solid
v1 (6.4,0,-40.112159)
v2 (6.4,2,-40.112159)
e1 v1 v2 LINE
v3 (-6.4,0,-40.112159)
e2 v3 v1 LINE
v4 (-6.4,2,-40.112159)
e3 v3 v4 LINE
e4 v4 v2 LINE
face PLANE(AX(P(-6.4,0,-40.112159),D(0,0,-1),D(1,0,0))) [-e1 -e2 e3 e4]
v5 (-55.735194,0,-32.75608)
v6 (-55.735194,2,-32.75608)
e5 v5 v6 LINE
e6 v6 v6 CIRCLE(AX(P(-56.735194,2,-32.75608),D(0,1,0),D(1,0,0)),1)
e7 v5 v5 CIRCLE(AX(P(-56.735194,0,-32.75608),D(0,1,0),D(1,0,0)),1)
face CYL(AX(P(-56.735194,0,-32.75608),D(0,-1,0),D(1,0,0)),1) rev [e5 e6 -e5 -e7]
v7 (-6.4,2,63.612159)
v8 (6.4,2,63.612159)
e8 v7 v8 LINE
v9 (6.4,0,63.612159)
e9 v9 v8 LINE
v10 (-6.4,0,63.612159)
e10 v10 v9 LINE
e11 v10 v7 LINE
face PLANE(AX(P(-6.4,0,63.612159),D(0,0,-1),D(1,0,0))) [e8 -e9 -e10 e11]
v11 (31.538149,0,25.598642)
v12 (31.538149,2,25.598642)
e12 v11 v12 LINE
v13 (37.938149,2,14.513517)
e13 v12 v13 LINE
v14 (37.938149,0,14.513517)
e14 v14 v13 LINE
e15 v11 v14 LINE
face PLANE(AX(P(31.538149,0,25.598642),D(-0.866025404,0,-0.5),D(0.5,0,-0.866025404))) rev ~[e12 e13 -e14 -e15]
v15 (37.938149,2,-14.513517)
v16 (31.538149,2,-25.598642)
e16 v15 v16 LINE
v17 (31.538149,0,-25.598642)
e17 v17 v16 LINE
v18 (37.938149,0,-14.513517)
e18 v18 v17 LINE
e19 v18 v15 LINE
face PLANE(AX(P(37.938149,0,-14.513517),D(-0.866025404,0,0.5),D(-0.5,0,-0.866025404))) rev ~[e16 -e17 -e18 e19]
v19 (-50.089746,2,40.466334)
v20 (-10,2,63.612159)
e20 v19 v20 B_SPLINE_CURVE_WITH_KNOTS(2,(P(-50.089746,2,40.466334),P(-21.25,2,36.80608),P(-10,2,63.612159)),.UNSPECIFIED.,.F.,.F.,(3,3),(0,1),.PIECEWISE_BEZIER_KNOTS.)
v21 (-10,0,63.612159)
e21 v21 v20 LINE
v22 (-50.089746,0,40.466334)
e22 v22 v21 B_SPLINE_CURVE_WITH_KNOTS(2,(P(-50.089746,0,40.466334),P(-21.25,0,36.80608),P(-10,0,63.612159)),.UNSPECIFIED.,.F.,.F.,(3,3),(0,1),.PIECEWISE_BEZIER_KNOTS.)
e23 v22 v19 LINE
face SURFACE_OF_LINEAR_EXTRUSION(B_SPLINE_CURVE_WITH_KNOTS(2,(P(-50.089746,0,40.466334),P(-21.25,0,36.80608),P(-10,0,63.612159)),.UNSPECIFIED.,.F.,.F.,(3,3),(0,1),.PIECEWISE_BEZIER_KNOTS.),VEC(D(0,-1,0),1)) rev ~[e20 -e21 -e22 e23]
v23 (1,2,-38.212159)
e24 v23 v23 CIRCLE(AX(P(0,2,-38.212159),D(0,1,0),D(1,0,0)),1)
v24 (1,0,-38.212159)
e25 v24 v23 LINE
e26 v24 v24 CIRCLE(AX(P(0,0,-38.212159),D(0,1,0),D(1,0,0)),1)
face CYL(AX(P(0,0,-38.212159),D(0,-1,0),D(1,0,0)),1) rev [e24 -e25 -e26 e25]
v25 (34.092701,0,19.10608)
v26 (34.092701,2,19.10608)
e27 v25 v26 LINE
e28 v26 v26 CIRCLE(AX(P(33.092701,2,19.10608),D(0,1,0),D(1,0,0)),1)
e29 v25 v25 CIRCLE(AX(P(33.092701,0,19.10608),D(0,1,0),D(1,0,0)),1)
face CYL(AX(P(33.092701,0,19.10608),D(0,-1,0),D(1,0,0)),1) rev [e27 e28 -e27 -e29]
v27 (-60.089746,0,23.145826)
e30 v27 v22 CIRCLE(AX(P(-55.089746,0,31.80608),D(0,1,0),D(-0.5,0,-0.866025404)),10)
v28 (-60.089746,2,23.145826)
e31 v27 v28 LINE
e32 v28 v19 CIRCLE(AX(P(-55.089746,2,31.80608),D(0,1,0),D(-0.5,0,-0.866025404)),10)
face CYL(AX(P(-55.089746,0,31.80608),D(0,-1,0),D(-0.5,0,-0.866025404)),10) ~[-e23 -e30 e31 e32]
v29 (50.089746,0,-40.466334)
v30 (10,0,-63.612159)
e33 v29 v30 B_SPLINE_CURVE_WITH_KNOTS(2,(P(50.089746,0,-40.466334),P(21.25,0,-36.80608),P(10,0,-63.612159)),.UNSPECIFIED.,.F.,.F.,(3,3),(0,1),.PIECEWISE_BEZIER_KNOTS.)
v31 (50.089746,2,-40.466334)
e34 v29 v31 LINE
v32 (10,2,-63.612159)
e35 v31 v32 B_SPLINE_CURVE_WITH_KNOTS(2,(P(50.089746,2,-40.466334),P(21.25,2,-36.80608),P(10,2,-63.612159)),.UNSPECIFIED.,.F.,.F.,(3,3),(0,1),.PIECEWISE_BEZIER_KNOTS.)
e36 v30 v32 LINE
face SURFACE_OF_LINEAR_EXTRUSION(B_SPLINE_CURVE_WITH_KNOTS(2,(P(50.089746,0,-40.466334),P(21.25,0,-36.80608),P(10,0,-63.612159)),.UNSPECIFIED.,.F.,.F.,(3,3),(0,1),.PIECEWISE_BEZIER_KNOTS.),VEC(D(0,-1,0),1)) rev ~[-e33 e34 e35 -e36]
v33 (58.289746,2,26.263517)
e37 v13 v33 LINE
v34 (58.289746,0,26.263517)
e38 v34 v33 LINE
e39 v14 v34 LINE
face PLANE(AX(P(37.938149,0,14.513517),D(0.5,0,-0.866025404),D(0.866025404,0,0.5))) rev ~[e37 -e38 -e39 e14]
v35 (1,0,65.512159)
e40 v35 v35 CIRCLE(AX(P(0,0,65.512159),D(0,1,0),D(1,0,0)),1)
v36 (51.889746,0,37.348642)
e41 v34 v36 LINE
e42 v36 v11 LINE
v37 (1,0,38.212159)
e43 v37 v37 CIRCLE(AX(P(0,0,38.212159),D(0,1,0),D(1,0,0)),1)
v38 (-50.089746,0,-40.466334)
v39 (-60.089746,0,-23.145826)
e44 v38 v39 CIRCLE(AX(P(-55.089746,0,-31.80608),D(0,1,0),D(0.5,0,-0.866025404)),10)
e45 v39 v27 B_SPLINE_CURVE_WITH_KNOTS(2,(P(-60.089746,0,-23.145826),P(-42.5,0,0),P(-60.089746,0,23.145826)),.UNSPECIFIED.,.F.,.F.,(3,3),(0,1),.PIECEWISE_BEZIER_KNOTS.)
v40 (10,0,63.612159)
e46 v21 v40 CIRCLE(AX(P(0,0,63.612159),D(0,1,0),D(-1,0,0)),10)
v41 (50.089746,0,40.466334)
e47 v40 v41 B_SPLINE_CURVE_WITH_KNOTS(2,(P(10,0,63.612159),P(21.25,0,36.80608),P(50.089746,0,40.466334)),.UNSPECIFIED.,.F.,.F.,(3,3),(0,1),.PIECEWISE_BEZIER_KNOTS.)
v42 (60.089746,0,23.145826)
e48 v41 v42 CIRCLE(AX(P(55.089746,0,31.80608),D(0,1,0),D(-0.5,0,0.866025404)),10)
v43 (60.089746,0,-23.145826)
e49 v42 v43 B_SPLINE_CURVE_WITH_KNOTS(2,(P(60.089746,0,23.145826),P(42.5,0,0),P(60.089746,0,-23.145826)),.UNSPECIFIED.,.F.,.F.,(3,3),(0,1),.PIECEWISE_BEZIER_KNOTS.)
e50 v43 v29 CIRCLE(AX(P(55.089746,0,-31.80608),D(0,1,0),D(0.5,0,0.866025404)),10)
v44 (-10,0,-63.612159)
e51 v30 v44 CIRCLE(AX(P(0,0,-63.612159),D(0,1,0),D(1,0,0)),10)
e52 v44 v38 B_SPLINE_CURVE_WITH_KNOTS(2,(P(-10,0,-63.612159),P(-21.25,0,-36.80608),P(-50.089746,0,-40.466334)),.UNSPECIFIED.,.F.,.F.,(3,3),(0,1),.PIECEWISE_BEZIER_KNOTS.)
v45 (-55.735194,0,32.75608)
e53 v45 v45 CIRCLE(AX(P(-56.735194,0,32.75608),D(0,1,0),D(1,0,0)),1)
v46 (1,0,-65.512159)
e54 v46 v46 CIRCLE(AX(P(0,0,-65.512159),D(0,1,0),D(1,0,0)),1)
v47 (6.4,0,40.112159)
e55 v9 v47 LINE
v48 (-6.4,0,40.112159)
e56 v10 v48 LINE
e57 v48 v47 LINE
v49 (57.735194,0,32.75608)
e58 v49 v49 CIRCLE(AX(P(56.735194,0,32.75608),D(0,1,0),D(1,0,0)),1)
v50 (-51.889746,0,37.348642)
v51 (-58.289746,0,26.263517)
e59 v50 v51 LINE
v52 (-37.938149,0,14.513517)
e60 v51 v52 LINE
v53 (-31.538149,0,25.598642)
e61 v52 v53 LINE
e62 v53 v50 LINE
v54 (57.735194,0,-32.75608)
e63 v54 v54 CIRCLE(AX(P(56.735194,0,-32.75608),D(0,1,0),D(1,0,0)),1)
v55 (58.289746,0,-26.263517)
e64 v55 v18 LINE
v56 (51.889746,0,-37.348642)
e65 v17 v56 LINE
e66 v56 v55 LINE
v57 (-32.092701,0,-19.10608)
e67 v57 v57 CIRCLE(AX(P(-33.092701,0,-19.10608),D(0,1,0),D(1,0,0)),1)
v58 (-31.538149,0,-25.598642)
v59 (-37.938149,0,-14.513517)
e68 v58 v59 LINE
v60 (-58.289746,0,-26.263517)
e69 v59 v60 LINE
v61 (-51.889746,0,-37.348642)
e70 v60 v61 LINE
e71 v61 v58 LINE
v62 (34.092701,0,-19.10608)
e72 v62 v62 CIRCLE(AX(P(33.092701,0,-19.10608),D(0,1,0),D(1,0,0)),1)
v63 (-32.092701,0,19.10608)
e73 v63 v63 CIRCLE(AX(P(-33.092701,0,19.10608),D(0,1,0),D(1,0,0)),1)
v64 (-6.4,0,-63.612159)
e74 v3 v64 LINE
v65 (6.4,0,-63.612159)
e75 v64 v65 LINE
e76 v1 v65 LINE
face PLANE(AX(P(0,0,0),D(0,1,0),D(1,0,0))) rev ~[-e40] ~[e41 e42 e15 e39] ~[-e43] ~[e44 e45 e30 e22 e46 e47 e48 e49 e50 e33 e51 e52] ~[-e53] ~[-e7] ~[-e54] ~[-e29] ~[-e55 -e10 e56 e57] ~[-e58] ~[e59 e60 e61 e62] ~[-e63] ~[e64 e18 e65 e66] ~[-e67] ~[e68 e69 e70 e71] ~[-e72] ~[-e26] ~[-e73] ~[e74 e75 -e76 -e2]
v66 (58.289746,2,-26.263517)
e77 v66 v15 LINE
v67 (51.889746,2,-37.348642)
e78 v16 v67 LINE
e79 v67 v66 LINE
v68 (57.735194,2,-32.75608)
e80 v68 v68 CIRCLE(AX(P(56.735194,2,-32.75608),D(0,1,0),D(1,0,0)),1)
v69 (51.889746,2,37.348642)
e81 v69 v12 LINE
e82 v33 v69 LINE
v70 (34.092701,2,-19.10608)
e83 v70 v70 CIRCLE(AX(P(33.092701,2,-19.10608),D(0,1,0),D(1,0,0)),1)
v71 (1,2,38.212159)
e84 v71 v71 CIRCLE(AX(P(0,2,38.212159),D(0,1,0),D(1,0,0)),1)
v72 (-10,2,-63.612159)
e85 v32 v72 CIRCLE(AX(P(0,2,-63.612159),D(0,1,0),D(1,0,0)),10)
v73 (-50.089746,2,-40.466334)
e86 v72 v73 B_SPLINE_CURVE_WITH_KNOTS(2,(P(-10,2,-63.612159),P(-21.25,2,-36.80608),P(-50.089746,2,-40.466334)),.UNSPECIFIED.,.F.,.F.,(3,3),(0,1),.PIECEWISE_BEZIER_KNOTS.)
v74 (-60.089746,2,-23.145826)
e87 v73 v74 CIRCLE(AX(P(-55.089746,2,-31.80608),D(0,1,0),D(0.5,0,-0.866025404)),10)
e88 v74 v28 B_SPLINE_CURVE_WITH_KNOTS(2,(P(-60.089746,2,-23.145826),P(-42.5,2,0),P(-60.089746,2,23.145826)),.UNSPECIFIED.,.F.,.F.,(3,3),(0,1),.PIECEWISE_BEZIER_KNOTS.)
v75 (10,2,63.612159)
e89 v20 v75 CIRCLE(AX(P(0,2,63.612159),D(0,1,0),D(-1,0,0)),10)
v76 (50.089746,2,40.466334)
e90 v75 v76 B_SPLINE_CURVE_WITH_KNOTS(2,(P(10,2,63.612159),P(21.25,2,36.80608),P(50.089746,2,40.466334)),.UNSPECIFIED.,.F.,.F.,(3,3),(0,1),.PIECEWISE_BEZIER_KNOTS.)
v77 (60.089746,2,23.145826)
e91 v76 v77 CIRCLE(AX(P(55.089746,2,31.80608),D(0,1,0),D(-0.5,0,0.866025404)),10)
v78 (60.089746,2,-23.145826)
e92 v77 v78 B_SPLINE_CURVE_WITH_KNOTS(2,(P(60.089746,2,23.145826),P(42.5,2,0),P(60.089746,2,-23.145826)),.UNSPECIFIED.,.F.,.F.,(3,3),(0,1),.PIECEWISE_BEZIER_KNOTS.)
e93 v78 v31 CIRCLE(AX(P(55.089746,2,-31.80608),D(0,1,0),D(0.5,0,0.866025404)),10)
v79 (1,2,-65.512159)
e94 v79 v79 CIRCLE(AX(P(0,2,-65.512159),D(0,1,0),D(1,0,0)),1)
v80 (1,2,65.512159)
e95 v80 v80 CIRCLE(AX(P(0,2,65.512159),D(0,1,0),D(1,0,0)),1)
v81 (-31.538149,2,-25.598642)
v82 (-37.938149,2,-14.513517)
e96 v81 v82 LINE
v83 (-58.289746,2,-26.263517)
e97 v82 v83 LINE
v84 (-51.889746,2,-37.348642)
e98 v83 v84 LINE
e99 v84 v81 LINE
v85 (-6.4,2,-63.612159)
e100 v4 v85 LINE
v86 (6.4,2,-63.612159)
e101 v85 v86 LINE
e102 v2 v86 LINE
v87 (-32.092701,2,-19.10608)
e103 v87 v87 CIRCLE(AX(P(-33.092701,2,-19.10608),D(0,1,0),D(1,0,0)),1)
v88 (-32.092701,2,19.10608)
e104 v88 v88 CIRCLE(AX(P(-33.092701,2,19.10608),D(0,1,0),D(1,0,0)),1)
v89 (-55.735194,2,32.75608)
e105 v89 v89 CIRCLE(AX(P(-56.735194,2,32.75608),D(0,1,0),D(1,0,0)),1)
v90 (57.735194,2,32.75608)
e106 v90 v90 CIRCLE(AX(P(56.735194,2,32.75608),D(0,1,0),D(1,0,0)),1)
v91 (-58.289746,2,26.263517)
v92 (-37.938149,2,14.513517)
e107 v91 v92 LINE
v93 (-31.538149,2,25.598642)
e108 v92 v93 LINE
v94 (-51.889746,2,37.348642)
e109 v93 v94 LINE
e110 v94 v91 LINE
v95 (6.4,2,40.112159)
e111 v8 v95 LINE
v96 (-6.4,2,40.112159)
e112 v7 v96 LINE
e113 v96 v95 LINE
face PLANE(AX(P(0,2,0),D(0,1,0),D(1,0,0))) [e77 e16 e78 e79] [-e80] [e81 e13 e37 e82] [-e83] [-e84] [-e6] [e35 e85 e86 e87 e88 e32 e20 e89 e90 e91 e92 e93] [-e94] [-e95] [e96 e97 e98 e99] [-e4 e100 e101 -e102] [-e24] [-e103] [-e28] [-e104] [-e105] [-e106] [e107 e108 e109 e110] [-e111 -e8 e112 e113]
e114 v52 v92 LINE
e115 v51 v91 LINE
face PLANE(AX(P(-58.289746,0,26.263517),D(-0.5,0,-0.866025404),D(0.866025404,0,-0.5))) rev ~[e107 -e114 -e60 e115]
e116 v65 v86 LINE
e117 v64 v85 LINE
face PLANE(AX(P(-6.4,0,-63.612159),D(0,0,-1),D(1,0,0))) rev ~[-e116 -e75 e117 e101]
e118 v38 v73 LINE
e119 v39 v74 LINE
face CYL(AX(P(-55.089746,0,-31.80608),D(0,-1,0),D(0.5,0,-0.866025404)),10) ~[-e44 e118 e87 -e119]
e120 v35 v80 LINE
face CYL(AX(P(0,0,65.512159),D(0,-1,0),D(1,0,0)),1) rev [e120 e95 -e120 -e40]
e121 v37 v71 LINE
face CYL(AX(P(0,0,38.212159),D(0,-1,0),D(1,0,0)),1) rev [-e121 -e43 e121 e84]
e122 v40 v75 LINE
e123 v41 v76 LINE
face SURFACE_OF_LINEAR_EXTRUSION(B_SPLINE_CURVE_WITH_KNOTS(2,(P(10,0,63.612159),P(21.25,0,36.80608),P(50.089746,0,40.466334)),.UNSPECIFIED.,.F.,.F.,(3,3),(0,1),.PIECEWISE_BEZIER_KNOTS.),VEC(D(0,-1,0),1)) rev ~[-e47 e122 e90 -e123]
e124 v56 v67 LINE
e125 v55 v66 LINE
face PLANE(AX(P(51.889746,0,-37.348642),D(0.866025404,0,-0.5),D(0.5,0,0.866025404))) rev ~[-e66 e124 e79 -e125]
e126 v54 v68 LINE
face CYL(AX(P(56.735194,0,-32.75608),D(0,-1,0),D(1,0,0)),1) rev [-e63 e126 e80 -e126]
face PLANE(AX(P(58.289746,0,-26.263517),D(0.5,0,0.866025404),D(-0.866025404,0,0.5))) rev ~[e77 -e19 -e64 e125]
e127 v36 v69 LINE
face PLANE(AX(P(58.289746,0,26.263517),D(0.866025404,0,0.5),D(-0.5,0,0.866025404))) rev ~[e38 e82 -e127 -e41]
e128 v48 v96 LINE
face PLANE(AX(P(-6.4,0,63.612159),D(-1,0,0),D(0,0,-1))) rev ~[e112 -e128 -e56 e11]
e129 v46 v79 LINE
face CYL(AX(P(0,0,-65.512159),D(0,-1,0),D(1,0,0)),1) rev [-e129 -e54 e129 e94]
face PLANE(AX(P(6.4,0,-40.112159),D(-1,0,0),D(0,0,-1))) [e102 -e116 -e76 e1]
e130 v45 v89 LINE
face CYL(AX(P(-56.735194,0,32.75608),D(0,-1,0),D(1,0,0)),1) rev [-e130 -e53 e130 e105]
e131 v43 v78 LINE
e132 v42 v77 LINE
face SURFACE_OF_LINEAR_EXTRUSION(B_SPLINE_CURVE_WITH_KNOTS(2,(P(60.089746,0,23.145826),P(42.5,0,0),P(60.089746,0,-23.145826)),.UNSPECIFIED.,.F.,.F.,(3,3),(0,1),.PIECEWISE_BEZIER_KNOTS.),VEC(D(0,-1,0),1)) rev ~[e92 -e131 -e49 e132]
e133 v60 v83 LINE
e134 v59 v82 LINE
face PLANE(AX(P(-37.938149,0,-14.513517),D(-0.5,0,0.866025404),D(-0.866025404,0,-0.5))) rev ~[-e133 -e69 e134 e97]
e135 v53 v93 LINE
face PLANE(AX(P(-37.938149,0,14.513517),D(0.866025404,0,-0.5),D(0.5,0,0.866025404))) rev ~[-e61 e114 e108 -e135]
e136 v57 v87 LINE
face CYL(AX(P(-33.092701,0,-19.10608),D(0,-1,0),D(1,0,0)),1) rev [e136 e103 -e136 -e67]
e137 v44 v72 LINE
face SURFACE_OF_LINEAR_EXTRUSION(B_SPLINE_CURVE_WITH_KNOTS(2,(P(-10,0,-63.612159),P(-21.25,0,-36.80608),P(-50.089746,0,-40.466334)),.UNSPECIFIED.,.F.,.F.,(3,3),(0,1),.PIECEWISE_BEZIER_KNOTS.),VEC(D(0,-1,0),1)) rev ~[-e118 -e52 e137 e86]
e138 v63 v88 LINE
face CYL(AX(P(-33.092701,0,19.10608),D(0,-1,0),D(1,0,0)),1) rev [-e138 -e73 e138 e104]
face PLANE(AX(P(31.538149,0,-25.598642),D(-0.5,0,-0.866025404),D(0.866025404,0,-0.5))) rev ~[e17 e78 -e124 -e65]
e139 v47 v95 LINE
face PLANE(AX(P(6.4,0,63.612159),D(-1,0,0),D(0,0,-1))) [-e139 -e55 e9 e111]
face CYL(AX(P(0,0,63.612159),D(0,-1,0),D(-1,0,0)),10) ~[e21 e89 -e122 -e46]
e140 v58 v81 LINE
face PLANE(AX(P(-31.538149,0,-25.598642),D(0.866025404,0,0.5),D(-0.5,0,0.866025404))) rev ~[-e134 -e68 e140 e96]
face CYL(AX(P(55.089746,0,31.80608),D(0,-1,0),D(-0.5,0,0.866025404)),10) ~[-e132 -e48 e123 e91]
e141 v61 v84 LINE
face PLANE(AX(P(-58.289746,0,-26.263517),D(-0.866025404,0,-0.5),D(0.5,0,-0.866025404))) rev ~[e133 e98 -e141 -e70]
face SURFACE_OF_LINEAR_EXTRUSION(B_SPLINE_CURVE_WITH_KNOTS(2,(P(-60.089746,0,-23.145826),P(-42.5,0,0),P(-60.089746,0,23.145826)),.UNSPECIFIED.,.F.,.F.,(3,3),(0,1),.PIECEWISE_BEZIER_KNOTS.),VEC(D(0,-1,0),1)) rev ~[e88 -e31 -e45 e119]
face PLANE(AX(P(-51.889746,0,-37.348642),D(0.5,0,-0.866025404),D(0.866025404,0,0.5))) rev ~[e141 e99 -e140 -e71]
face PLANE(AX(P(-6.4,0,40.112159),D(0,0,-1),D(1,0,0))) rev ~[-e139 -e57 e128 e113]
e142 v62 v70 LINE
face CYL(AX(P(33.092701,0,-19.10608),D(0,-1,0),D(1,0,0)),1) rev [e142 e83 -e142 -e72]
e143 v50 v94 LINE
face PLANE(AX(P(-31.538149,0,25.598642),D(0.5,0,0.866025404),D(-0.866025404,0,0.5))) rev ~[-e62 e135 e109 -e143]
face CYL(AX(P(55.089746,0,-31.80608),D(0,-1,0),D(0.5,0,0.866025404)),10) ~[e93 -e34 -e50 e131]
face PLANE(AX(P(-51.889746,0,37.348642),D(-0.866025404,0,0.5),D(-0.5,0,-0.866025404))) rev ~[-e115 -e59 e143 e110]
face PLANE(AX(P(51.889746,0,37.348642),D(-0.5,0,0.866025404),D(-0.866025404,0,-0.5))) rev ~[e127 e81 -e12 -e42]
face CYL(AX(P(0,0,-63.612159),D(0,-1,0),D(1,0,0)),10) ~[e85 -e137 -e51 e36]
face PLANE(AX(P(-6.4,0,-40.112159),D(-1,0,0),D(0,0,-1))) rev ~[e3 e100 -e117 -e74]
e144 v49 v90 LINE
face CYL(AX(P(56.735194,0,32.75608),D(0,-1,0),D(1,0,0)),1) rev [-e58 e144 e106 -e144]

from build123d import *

# Parameters (mm, degrees)
SKETCH4_W           = 12.8
SKETCH4_H           = 23.5
SKETCH4_R           = 1
BOSS_EXTRUDE3_DEPTH = 2


with BuildPart() as part:
    # Sketch4 → Boss-Extrude3 (new body)
    with BuildSketch(Plane(origin=(0, 0, 0), x_dir=(1, 0, 0), z_dir=(0, 1, 0))):
        with BuildLine():
            ThreePointArc((10, 63.612159322), (0, 73.612159322), (-10, 63.612159322))
            add(Edge.make_bspline(
                [(-10, 63.612159322), (-21.25, 36.806079661), (-50.089745962, 40.466333699)],
                knots=[0, 0, 0, 1, 1, 1], degree=2))
            ThreePointArc((-50.089745962, 40.466333699), (-63.75, 36.806079661), (-60.089745962, 23.145825623))
            add(Edge.make_bspline(
                [(-60.089745962, 23.145825623), (-42.5, 0), (-60.089745962, -23.145825623)],
                knots=[0, 0, 0, 1, 1, 1], degree=2))
            ThreePointArc((-60.089745962, -23.145825623), (-63.75, -36.806079661), (-50.089745962, -40.466333699))
            add(Edge.make_bspline(
                [(-50.089745962, -40.466333699), (-21.25, -36.806079661), (-10, -63.612159322)],
                knots=[0, 0, 0, 1, 1, 1], degree=2))
            ThreePointArc((-10, -63.612159322), (0, -73.612159322), (10, -63.612159322))
            add(Edge.make_bspline(
                [(10, -63.612159322), (21.25, -36.806079661), (50.089745962, -40.466333699)],
                knots=[0, 0, 0, 1, 1, 1], degree=2))
            ThreePointArc((50.089745962, -40.466333699), (63.75, -36.806079661), (60.089745962, -23.145825623))
            add(Edge.make_bspline(
                [(60.089745962, -23.145825623), (42.5, 0), (60.089745962, 23.145825623)],
                knots=[0, 0, 0, 1, 1, 1], degree=2))
            ThreePointArc((60.089745962, 23.145825623), (63.75, 36.806079661), (50.089745962, 40.466333699))
            add(Edge.make_bspline(
                [(50.089745962, 40.466333699), (21.25, 36.806079661), (10, 63.612159322)],
                knots=[0, 0, 0, 1, 1, 1], degree=2))
        make_face()
        with Locations((0, 51.862159322)):
            Rectangle(SKETCH4_W, SKETCH4_H, mode=Mode.SUBTRACT)
        with Locations((0, 65.512159322)):
            Circle(SKETCH4_R, mode=Mode.SUBTRACT)
        Polygon((31.538148973, 25.598642245), (51.889745962, 37.348642245), (58.289745962, 26.263517077), (37.938148973, 14.513517077), align=None, mode=Mode.SUBTRACT)
        Polygon((37.938148973, -14.513517077), (58.289745962, -26.263517077), (51.889745962, -37.348642245), (31.538148973, -25.598642245), align=None, mode=Mode.SUBTRACT)
        with Locations((0, -51.862159322)):
            Rectangle(SKETCH4_W, SKETCH4_H, mode=Mode.SUBTRACT)
        Polygon((-31.538148973, -25.598642245), (-51.889745962, -37.348642245), (-58.289745962, -26.263517077), (-37.938148973, -14.513517077), align=None, mode=Mode.SUBTRACT)
        Polygon((-37.938148973, 14.513517077), (-58.289745962, 26.263517077), (-51.889745962, 37.348642245), (-31.538148973, 25.598642245), align=None, mode=Mode.SUBTRACT)
        with Locations((33.092700706, 19.106079661)):
            Circle(SKETCH4_R, mode=Mode.SUBTRACT)
        with Locations((0, 38.212159322)):
            Circle(SKETCH4_R, mode=Mode.SUBTRACT)
        with Locations((-33.092700706, -19.106079661)):
            Circle(SKETCH4_R, mode=Mode.SUBTRACT)
        with Locations((0, -38.212159322)):
            Circle(SKETCH4_R, mode=Mode.SUBTRACT)
        with Locations((33.092700706, -19.106079661)):
            Circle(SKETCH4_R, mode=Mode.SUBTRACT)
        with Locations((-33.092700706, 19.106079661)):
            Circle(SKETCH4_R, mode=Mode.SUBTRACT)
        with Locations((56.735194229, 32.756079661)):
            Circle(SKETCH4_R, mode=Mode.SUBTRACT)
        with Locations((56.735194229, -32.756079661)):
            Circle(SKETCH4_R, mode=Mode.SUBTRACT)
        with Locations((0, -65.512159322)):
            Circle(SKETCH4_R, mode=Mode.SUBTRACT)
        with Locations((-56.735194229, -32.756079661)):
            Circle(SKETCH4_R, mode=Mode.SUBTRACT)
        with Locations((-56.735194229, 32.756079661)):
            Circle(SKETCH4_R, mode=Mode.SUBTRACT)
    extrude(amount=BOSS_EXTRUDE3_DEPTH)


solid = part.part
